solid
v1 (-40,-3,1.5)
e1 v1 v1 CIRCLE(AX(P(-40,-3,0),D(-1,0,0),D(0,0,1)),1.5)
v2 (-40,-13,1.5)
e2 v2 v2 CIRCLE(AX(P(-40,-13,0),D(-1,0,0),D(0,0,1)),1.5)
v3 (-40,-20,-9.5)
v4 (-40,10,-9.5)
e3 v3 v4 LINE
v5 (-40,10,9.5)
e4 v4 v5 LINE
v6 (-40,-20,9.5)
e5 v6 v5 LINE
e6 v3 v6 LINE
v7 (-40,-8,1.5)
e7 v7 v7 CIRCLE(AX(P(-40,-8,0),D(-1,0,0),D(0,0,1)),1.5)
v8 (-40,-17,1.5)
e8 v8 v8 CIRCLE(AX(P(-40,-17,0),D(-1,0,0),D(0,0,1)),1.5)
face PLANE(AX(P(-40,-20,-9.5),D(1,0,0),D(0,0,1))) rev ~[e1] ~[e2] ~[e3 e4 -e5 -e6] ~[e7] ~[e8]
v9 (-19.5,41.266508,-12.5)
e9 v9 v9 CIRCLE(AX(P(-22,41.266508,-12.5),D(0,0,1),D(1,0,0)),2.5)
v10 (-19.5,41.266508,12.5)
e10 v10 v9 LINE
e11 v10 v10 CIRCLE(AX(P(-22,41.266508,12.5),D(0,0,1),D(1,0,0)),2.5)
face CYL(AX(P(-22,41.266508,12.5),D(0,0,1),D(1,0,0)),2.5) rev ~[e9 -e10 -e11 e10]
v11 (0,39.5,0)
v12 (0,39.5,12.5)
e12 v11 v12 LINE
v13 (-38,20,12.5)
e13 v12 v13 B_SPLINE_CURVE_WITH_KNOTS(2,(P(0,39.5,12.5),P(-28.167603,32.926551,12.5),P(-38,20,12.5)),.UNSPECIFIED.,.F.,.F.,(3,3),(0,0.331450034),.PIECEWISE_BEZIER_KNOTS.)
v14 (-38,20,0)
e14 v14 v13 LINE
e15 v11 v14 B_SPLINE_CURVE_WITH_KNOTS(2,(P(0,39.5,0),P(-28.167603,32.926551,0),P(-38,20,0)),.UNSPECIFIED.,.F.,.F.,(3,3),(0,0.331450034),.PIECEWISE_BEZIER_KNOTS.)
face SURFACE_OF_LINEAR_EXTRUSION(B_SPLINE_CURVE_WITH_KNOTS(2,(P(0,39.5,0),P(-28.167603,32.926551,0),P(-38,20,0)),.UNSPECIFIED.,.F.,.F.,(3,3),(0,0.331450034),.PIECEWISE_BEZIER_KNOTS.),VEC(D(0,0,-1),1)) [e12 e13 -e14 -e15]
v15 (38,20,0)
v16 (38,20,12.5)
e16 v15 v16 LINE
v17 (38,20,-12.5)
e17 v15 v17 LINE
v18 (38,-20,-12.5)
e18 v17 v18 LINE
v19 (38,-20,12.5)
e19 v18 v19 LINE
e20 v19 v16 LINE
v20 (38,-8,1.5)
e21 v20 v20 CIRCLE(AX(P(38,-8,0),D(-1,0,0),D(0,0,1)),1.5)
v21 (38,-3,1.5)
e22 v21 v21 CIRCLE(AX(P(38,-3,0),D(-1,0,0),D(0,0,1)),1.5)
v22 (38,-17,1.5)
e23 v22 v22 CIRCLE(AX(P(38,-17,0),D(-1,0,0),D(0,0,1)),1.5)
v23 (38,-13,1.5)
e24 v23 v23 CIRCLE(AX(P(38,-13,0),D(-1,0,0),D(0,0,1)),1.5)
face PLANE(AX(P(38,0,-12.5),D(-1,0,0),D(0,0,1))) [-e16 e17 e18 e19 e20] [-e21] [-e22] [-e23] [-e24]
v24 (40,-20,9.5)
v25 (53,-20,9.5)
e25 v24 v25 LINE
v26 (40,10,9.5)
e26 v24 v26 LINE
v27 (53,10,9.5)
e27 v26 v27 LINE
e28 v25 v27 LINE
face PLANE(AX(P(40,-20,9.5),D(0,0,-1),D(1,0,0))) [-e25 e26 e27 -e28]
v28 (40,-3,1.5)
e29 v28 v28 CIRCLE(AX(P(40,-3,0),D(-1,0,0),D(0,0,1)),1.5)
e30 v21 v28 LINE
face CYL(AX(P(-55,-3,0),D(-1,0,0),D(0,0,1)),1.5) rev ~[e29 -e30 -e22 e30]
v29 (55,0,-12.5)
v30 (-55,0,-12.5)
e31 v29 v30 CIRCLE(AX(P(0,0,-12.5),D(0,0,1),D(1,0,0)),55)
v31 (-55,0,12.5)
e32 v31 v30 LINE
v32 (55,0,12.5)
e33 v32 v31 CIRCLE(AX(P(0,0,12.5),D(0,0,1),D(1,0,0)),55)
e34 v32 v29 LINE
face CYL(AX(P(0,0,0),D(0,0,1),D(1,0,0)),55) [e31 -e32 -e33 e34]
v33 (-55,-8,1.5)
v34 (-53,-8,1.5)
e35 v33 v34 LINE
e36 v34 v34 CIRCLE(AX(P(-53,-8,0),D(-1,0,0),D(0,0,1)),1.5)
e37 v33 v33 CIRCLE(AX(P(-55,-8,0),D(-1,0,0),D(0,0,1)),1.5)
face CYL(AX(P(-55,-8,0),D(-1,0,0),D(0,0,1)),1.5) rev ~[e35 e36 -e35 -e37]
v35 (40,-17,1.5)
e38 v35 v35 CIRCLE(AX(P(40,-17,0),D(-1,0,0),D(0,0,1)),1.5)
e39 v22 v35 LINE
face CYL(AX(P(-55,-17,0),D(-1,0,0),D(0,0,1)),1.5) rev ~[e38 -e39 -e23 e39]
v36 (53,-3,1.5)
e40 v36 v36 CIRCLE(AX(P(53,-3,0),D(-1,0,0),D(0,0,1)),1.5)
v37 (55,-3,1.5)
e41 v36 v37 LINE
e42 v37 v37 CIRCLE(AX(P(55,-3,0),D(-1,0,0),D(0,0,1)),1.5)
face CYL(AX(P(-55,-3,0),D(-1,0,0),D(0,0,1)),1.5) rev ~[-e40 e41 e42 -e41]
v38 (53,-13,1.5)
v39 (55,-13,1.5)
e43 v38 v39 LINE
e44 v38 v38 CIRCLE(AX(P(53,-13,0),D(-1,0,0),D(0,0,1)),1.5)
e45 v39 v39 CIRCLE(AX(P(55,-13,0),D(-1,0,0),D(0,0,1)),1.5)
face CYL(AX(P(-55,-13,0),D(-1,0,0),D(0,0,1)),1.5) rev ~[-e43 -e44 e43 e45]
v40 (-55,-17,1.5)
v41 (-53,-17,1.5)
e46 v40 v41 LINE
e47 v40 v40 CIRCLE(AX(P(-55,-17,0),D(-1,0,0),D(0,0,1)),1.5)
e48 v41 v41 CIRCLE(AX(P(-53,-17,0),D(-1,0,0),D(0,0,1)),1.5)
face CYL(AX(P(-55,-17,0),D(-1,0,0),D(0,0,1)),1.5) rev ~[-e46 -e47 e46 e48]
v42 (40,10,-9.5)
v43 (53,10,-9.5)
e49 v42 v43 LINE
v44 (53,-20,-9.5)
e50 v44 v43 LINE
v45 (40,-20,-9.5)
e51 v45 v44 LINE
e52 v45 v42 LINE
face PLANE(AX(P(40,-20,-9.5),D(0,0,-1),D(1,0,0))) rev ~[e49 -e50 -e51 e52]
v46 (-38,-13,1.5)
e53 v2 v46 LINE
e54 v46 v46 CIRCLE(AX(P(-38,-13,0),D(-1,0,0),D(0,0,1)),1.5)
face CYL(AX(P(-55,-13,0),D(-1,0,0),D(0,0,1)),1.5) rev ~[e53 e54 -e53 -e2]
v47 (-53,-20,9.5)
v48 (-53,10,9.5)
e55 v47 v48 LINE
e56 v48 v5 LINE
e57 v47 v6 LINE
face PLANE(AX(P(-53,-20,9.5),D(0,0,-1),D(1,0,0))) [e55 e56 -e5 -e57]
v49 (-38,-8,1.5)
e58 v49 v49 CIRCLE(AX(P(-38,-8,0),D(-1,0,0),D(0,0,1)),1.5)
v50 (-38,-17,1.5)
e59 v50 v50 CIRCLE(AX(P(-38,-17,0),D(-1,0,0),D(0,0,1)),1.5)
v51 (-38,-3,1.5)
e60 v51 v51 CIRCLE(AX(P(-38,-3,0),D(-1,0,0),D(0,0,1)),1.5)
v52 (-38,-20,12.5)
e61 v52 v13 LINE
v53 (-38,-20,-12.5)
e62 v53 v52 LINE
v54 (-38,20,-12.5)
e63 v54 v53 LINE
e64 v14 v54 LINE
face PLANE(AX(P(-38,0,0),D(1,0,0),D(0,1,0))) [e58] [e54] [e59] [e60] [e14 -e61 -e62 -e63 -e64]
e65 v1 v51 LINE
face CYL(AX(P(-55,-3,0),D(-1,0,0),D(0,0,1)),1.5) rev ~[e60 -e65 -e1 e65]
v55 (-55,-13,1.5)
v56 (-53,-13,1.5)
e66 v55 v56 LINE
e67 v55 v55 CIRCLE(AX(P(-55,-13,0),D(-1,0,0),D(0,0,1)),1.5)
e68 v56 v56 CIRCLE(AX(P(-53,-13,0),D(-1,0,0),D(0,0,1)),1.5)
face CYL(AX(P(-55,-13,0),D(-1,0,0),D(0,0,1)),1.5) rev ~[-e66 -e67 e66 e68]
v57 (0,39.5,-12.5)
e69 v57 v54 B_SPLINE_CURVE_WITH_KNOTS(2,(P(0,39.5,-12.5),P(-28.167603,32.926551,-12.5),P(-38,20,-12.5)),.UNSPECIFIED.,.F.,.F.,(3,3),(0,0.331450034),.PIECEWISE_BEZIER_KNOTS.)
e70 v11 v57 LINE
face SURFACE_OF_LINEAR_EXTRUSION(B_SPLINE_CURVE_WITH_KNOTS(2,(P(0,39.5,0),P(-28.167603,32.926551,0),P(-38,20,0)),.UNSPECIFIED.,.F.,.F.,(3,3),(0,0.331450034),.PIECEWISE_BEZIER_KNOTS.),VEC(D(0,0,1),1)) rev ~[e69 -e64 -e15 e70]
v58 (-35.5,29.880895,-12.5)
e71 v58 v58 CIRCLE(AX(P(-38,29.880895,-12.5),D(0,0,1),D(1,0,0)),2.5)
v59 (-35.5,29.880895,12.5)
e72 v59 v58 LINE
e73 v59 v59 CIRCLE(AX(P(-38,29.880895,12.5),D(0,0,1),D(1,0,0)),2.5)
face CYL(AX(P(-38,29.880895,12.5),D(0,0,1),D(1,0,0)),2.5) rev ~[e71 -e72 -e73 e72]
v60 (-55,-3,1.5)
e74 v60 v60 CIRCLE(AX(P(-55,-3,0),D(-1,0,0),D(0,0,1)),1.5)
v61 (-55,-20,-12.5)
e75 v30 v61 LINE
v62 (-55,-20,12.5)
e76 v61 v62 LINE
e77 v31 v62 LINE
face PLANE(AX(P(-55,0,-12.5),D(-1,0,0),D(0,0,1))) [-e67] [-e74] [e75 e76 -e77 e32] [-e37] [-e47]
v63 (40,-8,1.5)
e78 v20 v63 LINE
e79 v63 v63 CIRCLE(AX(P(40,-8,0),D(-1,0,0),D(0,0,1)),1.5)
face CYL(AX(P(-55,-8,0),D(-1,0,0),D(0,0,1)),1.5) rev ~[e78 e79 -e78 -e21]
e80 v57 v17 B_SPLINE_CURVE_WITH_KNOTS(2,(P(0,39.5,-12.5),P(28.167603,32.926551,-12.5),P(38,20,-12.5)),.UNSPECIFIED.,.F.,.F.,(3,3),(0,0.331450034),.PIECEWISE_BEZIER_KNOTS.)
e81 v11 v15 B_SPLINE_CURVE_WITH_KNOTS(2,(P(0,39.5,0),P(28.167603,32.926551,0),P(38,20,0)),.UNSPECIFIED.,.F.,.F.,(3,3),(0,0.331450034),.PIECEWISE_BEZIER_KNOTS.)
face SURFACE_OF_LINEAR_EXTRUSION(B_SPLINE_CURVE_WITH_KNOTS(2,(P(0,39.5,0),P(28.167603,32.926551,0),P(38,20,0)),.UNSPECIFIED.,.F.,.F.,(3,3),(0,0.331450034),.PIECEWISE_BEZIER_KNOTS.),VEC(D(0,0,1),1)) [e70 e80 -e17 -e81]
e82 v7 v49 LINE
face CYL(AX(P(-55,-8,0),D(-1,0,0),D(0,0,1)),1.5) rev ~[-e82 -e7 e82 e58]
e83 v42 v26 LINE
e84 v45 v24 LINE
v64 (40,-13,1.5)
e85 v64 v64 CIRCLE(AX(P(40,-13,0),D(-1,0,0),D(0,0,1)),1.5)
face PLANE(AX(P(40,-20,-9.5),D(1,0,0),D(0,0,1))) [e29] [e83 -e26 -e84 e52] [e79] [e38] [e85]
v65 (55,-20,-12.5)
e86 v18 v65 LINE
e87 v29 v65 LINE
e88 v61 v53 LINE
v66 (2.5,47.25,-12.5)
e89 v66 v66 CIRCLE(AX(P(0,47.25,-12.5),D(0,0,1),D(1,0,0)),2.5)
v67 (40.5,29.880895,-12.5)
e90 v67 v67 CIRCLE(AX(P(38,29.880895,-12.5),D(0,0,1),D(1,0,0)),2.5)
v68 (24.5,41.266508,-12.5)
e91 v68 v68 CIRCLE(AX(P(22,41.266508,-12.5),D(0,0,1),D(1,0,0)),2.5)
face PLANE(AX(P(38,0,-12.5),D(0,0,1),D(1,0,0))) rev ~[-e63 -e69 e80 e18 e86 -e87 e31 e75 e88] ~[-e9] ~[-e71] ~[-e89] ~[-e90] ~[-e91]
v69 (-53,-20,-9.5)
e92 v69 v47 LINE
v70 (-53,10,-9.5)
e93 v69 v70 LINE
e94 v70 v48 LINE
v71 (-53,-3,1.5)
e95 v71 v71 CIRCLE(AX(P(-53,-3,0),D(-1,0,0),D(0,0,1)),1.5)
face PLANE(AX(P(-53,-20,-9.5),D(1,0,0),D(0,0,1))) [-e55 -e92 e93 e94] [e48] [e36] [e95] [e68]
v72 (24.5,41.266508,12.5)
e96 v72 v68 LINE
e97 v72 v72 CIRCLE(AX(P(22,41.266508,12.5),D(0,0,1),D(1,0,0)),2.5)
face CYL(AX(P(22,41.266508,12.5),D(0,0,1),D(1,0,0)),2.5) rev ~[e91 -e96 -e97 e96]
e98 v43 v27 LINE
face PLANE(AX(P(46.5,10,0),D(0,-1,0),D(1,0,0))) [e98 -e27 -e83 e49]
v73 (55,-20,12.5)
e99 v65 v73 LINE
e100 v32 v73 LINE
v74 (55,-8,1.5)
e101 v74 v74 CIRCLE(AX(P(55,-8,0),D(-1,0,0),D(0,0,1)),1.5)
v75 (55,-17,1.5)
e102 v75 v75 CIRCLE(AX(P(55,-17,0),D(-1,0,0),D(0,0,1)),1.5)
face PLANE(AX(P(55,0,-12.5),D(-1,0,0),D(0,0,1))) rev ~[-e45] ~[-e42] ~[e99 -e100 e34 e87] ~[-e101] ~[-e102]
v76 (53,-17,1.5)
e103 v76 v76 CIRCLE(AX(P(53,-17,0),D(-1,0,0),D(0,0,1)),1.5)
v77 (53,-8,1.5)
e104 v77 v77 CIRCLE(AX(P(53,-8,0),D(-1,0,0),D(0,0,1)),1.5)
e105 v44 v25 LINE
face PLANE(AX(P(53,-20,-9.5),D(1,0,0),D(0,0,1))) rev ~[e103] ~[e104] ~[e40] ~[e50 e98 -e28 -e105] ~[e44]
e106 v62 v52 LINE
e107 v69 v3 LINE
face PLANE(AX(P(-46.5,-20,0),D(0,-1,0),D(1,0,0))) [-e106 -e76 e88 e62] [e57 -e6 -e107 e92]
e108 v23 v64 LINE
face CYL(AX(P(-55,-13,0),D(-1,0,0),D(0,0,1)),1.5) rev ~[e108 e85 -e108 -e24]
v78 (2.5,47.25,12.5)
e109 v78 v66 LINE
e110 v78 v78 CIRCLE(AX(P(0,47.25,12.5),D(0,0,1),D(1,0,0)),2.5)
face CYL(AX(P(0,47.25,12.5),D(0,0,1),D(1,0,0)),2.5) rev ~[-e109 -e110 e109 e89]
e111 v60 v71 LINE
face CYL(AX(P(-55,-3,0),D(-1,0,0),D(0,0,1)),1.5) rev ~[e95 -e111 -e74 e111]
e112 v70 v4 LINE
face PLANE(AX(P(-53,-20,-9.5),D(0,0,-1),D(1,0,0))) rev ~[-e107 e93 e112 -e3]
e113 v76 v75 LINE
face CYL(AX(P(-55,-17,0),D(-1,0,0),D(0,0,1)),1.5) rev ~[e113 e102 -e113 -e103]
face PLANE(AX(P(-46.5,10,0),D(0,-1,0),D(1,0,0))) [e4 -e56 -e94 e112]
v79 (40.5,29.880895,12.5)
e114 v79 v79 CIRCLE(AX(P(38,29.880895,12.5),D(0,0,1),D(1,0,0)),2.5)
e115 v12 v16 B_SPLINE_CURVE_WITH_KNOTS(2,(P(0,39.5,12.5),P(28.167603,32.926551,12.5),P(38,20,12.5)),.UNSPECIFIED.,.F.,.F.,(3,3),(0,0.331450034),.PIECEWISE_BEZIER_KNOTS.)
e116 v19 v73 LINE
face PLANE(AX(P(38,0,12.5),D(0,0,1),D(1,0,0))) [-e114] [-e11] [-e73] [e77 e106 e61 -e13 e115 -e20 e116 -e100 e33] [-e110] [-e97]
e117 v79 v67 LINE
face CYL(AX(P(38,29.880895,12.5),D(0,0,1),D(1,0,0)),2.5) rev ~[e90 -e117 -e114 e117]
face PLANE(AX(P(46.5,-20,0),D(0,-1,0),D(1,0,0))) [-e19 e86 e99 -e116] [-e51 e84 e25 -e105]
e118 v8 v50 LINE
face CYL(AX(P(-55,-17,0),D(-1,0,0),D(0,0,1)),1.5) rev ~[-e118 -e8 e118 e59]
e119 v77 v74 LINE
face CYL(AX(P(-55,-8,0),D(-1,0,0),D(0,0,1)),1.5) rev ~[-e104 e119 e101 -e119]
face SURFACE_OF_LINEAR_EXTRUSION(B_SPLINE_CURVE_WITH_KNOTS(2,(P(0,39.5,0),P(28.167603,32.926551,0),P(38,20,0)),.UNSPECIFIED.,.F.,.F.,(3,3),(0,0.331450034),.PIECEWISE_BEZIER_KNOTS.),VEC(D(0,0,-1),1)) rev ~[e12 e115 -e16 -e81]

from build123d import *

# Parameters (mm, degrees)
BOSS_EXTRUDE2_DEPTH = 12.5
SKETCH2_W           = 17
SKETCH2_H           = 25
BOSS_EXTRUDE3_DEPTH = 20
SKETCH3_W           = 13
SKETCH3_H           = 19
CUT_EXTRUDE1_DEPTH  = 30
SKETCH4_R           = 1.5
CUT_EXTRUDE2_DEPTH  = 124.617353294
SKETCH5_R           = 2.5
CUT_EXTRUDE3_DEPTH  = 30


with BuildPart() as part:
    # Sketch1 → Boss-Extrude2 (new, symmetric)
    with BuildSketch(Plane.XY):
        with BuildLine():
            Line((-55, 0), (-38, 0))
            Line((-38, 0), (-38, 20))
            add(Edge.make_bspline(
                [(0, 39.5), (-28.167603026, 32.926551341), (-38, 20)],
                knots=[0, 0, 0, 0.331450034, 0.331450034, 0.331450034], degree=2))
            add(Edge.make_bspline(
                [(0, 39.5), (28.167603026, 32.926551341), (38, 20)],
                knots=[0, 0, 0, 0.331450034, 0.331450034, 0.331450034], degree=2))
            Line((38, 20), (38, 0))
            Line((38, 0), (55, 0))
            ThreePointArc((55, 0), (0, 55), (-55, 0))
        make_face()
    extrude(amount=BOSS_EXTRUDE2_DEPTH, both=True)

    # Sketch2 → Boss-Extrude3 (add)
    with BuildSketch(Plane.XZ):
        with Locations((46.5, 0)):
            Rectangle(SKETCH2_W, SKETCH2_H)
        with Locations((-46.5, 0)):
            Rectangle(SKETCH2_W, SKETCH2_H)
    extrude(amount=BOSS_EXTRUDE3_DEPTH)

    # Sketch3 → Cut-Extrude1 (cut)
    with BuildSketch(Plane.XZ.offset(20)):
        with Locations((-46.5, 0)):
            Rectangle(SKETCH3_W, SKETCH3_H)
        with Locations((46.5, 0)):
            Rectangle(SKETCH3_W, SKETCH3_H)
    extrude(amount=-CUT_EXTRUDE1_DEPTH, mode=Mode.SUBTRACT)

    # Sketch4 → Cut-Extrude2 (cut, through all)
    with BuildSketch(Plane.ZY.offset(55)):
        with Locations((0, -3)):
            Circle(SKETCH4_R)
        with Locations((0, -17)):
            Circle(SKETCH4_R)
        with Locations((0, -8)):
            Circle(SKETCH4_R)
        with Locations((0, -13)):
            Circle(SKETCH4_R)
    extrude(amount=-CUT_EXTRUDE2_DEPTH, mode=Mode.SUBTRACT)

    # Sketch5 → Cut-Extrude3 (cut)
    with BuildSketch(Plane.XY.offset(12.5)):
        with Locations((0, 47.25)):
            Circle(SKETCH5_R)
        with Locations((-38, 29.880895352)):
            Circle(SKETCH5_R)
        with Locations((38, 29.880895352)):
            Circle(SKETCH5_R)
        with Locations((-22, 41.266508356)):
            Circle(SKETCH5_R)
        with Locations((22, 41.266508356)):
            Circle(SKETCH5_R)
    extrude(amount=-CUT_EXTRUDE3_DEPTH, mode=Mode.SUBTRACT)


solid = part.part
